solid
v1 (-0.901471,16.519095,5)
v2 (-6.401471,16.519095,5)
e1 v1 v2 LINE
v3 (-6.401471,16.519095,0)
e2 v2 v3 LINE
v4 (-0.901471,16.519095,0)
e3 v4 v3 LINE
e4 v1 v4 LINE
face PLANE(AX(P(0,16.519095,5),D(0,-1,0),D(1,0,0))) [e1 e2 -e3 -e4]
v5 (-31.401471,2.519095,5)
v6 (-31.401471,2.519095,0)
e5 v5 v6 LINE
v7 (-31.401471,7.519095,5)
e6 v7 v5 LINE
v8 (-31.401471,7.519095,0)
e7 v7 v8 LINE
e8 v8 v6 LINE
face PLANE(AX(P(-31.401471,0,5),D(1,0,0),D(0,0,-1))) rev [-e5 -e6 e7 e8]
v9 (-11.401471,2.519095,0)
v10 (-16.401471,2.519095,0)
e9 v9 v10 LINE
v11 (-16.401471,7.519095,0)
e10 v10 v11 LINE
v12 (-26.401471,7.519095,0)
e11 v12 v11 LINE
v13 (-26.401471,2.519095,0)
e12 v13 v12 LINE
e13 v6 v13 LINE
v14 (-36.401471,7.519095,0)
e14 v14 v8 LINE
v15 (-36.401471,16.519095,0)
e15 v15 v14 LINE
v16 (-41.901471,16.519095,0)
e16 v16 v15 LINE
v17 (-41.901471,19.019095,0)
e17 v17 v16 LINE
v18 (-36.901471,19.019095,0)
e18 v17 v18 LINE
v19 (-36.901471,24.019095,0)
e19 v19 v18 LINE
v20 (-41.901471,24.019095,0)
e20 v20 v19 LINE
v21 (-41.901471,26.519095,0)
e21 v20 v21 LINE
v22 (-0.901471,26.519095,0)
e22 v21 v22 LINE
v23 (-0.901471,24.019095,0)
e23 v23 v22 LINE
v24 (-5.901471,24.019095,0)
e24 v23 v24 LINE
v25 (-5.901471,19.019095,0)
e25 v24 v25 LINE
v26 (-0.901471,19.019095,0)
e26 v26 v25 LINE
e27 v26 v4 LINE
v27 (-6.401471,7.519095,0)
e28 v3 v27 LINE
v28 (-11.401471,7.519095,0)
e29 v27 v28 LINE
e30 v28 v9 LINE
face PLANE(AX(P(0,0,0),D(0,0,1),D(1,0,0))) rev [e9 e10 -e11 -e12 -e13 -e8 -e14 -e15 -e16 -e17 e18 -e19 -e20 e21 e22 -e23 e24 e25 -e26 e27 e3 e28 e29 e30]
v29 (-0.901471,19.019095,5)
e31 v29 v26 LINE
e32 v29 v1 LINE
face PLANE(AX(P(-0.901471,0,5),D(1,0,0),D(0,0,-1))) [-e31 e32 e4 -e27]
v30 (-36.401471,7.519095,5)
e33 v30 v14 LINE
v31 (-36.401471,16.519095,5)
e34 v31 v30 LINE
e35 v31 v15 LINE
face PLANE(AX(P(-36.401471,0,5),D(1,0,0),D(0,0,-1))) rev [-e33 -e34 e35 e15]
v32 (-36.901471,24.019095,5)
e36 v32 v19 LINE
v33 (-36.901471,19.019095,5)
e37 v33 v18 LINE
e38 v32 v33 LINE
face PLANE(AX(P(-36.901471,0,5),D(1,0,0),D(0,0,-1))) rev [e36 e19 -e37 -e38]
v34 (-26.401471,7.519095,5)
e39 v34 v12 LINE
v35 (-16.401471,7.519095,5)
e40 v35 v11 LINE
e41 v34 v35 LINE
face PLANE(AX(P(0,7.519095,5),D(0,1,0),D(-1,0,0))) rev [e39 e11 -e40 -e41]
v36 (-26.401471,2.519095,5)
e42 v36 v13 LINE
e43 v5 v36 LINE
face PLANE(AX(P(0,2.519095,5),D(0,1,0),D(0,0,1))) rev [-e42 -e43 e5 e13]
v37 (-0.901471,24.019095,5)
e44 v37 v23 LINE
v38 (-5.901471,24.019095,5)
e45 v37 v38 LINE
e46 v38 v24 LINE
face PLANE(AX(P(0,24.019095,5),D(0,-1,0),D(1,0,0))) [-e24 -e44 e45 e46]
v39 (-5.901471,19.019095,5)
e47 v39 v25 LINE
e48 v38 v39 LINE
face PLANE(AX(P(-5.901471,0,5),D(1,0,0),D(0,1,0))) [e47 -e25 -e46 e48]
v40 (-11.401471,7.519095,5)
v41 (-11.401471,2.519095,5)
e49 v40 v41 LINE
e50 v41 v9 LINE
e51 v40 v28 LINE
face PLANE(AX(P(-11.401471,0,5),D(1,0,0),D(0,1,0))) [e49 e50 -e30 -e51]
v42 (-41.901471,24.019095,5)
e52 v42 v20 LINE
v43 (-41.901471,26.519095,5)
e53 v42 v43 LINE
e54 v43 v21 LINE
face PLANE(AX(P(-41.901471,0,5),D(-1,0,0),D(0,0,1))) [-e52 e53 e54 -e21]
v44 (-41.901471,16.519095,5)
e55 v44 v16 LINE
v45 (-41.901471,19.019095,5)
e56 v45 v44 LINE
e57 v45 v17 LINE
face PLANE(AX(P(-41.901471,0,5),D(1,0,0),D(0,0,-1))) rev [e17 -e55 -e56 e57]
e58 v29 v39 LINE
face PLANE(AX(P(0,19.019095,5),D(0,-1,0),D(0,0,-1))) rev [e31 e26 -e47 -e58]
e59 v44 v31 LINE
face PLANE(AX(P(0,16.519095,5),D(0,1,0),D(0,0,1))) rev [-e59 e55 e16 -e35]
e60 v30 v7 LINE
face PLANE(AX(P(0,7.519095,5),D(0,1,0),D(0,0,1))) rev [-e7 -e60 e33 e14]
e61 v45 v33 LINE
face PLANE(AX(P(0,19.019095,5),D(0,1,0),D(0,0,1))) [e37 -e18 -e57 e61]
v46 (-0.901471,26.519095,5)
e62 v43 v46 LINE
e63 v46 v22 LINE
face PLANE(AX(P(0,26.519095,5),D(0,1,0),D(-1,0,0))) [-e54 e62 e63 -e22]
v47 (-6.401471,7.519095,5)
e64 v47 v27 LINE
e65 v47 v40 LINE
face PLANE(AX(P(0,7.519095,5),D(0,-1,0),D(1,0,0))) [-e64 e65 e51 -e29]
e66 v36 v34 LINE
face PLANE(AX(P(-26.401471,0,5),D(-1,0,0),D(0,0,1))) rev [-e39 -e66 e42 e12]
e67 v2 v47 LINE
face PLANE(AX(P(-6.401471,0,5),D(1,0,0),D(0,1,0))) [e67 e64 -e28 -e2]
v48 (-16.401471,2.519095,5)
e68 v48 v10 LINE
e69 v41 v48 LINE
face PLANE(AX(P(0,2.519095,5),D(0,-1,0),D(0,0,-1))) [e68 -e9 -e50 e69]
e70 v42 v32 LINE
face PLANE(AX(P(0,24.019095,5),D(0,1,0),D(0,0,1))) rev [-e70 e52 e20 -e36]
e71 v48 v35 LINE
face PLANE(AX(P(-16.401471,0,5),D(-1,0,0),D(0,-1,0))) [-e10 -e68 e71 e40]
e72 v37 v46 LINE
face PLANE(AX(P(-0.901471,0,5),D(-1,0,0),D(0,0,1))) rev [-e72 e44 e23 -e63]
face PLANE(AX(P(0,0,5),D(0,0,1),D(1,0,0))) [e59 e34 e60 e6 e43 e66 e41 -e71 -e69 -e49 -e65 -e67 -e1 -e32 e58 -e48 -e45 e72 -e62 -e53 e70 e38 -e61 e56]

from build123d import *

# Parameters (mm, degrees)
BOSS_EXTRU_1_DEPTH = 5


with BuildPart() as part:
    # Esquisse1 → Boss.-Extru.1 (new body)
    with BuildSketch(Plane.XY):
        Polygon((-21.401470553, 26.519094535), (-21.401470553, 7.519094535), (-16.401470553, 7.519094535), (-16.401470553, 2.519094535), (-11.401470553, 2.519094535), (-11.401470553, 7.519094535), (-6.401470553, 7.519094535), (-6.401470553, 16.519094535), (-0.901470553, 16.519094535), (-0.901470553, 19.019094535), (-5.901470553, 19.019094535), (-5.901470553, 24.019094535), (-0.901470553, 24.019094535), (-0.901470553, 26.519094535), align=None)
        Polygon((-41.901470553, 16.519094535), (-36.401470553, 16.519094535), (-36.401470553, 7.519094535), (-31.401470553, 7.519094535), (-31.401470553, 2.519094535), (-26.401470553, 2.519094535), (-26.401470553, 7.519094535), (-21.401470553, 7.519094535), (-21.401470553, 26.519094535), (-41.901470553, 26.519094535), (-41.901470553, 24.019094535), (-36.901470553, 24.019094535), (-36.901470553, 19.019094535), (-41.901470553, 19.019094535), align=None)
    extrude(amount=BOSS_EXTRU_1_DEPTH)


solid = part.part
